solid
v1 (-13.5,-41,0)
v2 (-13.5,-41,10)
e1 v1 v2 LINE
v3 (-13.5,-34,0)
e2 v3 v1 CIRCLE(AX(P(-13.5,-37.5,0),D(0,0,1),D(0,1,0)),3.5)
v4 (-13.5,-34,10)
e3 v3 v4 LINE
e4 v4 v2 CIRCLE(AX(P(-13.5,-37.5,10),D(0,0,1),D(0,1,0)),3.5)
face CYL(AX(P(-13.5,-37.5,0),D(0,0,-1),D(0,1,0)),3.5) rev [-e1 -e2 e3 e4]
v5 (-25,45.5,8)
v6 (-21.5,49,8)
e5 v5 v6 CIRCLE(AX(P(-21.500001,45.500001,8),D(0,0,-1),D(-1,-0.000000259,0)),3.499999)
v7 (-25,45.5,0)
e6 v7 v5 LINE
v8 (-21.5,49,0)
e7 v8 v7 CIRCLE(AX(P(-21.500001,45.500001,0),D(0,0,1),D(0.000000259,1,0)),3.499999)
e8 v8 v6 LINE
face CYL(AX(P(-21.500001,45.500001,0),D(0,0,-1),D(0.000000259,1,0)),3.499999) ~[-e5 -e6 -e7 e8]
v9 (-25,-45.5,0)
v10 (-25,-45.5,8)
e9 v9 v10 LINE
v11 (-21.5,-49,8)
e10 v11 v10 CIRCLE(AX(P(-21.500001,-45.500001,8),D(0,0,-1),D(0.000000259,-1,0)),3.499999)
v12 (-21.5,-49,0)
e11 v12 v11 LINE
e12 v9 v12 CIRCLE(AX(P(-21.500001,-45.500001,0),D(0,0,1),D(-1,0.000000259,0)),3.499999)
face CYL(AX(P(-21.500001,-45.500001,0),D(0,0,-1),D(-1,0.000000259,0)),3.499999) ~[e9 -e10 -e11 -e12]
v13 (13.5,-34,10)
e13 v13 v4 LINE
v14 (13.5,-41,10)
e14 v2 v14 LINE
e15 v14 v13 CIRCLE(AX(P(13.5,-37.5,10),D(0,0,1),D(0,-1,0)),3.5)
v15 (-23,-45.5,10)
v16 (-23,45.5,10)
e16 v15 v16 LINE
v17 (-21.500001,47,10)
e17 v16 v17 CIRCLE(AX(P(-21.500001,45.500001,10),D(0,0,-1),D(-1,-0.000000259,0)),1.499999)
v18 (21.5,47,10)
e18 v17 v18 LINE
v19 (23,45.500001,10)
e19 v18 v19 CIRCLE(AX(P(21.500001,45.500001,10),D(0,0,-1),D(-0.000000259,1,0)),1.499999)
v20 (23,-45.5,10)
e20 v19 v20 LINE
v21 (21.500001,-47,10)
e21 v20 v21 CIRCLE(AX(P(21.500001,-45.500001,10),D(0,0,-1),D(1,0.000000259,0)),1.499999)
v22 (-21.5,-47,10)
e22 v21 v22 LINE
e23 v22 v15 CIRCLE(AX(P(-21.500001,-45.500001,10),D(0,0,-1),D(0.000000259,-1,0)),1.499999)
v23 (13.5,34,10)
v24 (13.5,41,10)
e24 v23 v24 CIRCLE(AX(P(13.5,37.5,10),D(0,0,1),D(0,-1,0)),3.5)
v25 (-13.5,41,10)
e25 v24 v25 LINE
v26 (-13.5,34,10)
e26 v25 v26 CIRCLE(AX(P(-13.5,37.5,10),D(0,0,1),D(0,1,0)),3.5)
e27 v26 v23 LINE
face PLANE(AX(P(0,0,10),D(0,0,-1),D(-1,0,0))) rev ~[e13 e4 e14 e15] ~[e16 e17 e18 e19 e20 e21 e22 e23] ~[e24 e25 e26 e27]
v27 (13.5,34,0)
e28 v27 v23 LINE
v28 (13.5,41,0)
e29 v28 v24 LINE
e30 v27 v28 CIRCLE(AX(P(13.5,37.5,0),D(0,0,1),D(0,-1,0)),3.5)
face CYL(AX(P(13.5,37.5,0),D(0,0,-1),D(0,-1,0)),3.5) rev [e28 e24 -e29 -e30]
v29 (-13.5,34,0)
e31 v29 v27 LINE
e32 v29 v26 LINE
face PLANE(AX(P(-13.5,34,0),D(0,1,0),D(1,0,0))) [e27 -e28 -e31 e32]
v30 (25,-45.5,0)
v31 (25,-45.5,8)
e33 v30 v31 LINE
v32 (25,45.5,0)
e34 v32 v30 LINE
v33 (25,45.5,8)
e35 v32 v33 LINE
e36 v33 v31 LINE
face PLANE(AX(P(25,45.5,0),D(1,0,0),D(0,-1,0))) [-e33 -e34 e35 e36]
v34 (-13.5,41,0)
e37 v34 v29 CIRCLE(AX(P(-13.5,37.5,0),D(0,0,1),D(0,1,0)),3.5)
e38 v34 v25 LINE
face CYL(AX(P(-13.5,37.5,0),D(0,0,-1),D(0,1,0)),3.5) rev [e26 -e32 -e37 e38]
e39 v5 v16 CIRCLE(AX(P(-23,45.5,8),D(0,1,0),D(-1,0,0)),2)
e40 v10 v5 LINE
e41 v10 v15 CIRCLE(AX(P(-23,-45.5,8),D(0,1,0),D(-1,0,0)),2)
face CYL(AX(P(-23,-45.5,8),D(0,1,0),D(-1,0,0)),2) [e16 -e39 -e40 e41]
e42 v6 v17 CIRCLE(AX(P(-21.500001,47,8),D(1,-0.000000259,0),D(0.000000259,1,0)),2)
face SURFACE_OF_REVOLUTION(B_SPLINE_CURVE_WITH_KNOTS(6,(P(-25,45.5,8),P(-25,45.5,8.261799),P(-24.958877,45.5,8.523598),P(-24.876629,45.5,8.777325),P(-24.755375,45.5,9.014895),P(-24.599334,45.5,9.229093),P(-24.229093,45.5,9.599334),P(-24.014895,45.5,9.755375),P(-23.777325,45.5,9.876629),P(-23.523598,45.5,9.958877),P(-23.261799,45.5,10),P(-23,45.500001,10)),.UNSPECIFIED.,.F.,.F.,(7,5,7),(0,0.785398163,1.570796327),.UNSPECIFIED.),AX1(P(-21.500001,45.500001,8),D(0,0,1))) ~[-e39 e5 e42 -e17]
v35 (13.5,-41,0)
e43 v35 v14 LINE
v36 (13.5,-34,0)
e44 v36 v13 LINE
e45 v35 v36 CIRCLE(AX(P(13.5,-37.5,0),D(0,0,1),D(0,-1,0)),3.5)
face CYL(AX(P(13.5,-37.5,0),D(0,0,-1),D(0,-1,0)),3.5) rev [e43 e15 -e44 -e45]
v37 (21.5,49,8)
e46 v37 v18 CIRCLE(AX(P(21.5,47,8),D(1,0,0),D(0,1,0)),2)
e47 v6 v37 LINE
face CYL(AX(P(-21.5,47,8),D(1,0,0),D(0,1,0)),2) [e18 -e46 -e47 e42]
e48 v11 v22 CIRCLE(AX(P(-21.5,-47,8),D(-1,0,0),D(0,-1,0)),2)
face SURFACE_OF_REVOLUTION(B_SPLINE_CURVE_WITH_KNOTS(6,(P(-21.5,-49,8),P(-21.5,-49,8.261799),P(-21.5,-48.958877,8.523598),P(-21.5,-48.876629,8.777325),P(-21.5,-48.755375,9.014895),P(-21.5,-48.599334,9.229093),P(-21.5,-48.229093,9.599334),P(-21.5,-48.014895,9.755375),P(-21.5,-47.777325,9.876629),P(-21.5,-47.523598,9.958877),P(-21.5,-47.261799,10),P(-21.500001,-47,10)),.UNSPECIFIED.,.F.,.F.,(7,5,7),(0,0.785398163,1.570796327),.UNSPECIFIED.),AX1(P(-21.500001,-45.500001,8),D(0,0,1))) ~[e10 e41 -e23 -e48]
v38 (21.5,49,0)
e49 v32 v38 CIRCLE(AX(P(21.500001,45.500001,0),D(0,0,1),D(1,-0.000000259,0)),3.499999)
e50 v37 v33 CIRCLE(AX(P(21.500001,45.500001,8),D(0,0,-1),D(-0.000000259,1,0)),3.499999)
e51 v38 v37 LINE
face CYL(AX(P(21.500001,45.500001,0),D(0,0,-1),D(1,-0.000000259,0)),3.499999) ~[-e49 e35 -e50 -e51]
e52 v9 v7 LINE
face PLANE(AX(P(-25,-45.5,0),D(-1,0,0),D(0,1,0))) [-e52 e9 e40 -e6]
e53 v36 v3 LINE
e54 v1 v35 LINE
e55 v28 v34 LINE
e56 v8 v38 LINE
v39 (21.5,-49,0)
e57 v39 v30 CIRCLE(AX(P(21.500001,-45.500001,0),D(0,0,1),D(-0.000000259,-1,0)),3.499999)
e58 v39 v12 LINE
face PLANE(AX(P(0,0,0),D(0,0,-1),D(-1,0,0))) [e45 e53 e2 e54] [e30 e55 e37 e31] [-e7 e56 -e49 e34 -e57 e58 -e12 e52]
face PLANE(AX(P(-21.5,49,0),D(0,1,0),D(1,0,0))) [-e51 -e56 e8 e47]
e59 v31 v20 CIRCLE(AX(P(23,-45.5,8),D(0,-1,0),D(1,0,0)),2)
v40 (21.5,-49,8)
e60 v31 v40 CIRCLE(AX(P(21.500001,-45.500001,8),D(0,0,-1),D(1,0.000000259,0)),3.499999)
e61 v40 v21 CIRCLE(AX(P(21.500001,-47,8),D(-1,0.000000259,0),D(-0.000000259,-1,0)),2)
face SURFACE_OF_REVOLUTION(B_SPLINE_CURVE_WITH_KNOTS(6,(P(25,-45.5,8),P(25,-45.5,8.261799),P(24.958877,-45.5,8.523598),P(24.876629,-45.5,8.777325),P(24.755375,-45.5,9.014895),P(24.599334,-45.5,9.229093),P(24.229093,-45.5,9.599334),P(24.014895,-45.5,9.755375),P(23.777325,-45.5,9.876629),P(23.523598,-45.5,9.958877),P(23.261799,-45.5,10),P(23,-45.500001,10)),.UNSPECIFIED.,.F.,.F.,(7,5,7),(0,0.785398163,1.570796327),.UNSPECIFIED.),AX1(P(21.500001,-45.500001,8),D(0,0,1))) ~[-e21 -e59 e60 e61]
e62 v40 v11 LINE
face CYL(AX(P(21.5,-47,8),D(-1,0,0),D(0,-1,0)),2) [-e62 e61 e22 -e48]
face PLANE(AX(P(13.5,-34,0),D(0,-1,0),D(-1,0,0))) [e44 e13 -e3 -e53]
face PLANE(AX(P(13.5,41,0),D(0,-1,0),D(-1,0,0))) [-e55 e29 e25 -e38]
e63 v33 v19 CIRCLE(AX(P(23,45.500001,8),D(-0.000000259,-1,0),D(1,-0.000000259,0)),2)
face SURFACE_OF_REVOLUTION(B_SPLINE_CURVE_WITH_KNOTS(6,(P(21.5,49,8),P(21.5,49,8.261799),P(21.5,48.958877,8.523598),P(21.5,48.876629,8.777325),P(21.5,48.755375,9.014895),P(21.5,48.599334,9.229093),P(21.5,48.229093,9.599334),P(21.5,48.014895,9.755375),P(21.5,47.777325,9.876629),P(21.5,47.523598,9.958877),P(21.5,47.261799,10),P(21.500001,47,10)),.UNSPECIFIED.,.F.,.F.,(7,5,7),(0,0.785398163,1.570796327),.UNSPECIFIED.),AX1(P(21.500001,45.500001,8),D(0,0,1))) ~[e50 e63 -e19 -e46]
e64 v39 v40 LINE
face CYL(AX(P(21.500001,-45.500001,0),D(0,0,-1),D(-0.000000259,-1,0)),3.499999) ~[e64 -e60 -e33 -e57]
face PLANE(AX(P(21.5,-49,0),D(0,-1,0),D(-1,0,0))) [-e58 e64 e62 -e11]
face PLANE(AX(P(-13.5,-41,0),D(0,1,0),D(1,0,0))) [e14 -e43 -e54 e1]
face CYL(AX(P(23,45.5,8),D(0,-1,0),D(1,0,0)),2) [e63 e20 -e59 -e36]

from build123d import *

# Parameters (mm, degrees)
PAD_DEPTH = 10
FILLET_R  = 2


with BuildPart() as part:
    # Sketch → Pad (new body)
    with BuildSketch(Plane.XY):
        with BuildLine():
            Line((-21.5, 49), (21.5, 49))
            ThreePointArc((25, 45.5), (23.974874, 47.974874), (21.5, 49))
            Line((25, 45.5), (25, -45.5))
            ThreePointArc((21.5, -49), (23.974874, -47.974874), (25, -45.5))
            Line((21.5, -49), (-21.5, -49))
            ThreePointArc((-25, -45.5), (-23.974874, -47.974874), (-21.5, -49))
            Line((-25, -45.5), (-25, 45.5))
            ThreePointArc((-21.5, 49), (-23.974874, 47.974874), (-25, 45.5))
        make_face()
        with BuildLine():
            ThreePointArc((-13.5, 41), (-17, 37.5), (-13.5, 34))
            Line((-13.5, 34), (13.5, 34))
            ThreePointArc((13.5, 34), (17, 37.5), (13.5, 41))
            Line((13.5, 41), (-13.5, 41))
        make_face(mode=Mode.SUBTRACT)
        with BuildLine():
            ThreePointArc((-13.5, -34), (-17, -37.5), (-13.5, -41))
            Line((-13.5, -41), (13.5, -41))
            ThreePointArc((13.5, -41), (17, -37.5), (13.5, -34))
            Line((13.5, -34), (-13.5, -34))
        make_face(mode=Mode.SUBTRACT)
    extrude(amount=PAD_DEPTH)

    # Fillet
    fillet_edges = [part.edges().sort_by_distance(p)[0] for p in [
        (-25, 0, 10),
    ]]
    fillet(fillet_edges, radius=FILLET_R)


solid = part.part
